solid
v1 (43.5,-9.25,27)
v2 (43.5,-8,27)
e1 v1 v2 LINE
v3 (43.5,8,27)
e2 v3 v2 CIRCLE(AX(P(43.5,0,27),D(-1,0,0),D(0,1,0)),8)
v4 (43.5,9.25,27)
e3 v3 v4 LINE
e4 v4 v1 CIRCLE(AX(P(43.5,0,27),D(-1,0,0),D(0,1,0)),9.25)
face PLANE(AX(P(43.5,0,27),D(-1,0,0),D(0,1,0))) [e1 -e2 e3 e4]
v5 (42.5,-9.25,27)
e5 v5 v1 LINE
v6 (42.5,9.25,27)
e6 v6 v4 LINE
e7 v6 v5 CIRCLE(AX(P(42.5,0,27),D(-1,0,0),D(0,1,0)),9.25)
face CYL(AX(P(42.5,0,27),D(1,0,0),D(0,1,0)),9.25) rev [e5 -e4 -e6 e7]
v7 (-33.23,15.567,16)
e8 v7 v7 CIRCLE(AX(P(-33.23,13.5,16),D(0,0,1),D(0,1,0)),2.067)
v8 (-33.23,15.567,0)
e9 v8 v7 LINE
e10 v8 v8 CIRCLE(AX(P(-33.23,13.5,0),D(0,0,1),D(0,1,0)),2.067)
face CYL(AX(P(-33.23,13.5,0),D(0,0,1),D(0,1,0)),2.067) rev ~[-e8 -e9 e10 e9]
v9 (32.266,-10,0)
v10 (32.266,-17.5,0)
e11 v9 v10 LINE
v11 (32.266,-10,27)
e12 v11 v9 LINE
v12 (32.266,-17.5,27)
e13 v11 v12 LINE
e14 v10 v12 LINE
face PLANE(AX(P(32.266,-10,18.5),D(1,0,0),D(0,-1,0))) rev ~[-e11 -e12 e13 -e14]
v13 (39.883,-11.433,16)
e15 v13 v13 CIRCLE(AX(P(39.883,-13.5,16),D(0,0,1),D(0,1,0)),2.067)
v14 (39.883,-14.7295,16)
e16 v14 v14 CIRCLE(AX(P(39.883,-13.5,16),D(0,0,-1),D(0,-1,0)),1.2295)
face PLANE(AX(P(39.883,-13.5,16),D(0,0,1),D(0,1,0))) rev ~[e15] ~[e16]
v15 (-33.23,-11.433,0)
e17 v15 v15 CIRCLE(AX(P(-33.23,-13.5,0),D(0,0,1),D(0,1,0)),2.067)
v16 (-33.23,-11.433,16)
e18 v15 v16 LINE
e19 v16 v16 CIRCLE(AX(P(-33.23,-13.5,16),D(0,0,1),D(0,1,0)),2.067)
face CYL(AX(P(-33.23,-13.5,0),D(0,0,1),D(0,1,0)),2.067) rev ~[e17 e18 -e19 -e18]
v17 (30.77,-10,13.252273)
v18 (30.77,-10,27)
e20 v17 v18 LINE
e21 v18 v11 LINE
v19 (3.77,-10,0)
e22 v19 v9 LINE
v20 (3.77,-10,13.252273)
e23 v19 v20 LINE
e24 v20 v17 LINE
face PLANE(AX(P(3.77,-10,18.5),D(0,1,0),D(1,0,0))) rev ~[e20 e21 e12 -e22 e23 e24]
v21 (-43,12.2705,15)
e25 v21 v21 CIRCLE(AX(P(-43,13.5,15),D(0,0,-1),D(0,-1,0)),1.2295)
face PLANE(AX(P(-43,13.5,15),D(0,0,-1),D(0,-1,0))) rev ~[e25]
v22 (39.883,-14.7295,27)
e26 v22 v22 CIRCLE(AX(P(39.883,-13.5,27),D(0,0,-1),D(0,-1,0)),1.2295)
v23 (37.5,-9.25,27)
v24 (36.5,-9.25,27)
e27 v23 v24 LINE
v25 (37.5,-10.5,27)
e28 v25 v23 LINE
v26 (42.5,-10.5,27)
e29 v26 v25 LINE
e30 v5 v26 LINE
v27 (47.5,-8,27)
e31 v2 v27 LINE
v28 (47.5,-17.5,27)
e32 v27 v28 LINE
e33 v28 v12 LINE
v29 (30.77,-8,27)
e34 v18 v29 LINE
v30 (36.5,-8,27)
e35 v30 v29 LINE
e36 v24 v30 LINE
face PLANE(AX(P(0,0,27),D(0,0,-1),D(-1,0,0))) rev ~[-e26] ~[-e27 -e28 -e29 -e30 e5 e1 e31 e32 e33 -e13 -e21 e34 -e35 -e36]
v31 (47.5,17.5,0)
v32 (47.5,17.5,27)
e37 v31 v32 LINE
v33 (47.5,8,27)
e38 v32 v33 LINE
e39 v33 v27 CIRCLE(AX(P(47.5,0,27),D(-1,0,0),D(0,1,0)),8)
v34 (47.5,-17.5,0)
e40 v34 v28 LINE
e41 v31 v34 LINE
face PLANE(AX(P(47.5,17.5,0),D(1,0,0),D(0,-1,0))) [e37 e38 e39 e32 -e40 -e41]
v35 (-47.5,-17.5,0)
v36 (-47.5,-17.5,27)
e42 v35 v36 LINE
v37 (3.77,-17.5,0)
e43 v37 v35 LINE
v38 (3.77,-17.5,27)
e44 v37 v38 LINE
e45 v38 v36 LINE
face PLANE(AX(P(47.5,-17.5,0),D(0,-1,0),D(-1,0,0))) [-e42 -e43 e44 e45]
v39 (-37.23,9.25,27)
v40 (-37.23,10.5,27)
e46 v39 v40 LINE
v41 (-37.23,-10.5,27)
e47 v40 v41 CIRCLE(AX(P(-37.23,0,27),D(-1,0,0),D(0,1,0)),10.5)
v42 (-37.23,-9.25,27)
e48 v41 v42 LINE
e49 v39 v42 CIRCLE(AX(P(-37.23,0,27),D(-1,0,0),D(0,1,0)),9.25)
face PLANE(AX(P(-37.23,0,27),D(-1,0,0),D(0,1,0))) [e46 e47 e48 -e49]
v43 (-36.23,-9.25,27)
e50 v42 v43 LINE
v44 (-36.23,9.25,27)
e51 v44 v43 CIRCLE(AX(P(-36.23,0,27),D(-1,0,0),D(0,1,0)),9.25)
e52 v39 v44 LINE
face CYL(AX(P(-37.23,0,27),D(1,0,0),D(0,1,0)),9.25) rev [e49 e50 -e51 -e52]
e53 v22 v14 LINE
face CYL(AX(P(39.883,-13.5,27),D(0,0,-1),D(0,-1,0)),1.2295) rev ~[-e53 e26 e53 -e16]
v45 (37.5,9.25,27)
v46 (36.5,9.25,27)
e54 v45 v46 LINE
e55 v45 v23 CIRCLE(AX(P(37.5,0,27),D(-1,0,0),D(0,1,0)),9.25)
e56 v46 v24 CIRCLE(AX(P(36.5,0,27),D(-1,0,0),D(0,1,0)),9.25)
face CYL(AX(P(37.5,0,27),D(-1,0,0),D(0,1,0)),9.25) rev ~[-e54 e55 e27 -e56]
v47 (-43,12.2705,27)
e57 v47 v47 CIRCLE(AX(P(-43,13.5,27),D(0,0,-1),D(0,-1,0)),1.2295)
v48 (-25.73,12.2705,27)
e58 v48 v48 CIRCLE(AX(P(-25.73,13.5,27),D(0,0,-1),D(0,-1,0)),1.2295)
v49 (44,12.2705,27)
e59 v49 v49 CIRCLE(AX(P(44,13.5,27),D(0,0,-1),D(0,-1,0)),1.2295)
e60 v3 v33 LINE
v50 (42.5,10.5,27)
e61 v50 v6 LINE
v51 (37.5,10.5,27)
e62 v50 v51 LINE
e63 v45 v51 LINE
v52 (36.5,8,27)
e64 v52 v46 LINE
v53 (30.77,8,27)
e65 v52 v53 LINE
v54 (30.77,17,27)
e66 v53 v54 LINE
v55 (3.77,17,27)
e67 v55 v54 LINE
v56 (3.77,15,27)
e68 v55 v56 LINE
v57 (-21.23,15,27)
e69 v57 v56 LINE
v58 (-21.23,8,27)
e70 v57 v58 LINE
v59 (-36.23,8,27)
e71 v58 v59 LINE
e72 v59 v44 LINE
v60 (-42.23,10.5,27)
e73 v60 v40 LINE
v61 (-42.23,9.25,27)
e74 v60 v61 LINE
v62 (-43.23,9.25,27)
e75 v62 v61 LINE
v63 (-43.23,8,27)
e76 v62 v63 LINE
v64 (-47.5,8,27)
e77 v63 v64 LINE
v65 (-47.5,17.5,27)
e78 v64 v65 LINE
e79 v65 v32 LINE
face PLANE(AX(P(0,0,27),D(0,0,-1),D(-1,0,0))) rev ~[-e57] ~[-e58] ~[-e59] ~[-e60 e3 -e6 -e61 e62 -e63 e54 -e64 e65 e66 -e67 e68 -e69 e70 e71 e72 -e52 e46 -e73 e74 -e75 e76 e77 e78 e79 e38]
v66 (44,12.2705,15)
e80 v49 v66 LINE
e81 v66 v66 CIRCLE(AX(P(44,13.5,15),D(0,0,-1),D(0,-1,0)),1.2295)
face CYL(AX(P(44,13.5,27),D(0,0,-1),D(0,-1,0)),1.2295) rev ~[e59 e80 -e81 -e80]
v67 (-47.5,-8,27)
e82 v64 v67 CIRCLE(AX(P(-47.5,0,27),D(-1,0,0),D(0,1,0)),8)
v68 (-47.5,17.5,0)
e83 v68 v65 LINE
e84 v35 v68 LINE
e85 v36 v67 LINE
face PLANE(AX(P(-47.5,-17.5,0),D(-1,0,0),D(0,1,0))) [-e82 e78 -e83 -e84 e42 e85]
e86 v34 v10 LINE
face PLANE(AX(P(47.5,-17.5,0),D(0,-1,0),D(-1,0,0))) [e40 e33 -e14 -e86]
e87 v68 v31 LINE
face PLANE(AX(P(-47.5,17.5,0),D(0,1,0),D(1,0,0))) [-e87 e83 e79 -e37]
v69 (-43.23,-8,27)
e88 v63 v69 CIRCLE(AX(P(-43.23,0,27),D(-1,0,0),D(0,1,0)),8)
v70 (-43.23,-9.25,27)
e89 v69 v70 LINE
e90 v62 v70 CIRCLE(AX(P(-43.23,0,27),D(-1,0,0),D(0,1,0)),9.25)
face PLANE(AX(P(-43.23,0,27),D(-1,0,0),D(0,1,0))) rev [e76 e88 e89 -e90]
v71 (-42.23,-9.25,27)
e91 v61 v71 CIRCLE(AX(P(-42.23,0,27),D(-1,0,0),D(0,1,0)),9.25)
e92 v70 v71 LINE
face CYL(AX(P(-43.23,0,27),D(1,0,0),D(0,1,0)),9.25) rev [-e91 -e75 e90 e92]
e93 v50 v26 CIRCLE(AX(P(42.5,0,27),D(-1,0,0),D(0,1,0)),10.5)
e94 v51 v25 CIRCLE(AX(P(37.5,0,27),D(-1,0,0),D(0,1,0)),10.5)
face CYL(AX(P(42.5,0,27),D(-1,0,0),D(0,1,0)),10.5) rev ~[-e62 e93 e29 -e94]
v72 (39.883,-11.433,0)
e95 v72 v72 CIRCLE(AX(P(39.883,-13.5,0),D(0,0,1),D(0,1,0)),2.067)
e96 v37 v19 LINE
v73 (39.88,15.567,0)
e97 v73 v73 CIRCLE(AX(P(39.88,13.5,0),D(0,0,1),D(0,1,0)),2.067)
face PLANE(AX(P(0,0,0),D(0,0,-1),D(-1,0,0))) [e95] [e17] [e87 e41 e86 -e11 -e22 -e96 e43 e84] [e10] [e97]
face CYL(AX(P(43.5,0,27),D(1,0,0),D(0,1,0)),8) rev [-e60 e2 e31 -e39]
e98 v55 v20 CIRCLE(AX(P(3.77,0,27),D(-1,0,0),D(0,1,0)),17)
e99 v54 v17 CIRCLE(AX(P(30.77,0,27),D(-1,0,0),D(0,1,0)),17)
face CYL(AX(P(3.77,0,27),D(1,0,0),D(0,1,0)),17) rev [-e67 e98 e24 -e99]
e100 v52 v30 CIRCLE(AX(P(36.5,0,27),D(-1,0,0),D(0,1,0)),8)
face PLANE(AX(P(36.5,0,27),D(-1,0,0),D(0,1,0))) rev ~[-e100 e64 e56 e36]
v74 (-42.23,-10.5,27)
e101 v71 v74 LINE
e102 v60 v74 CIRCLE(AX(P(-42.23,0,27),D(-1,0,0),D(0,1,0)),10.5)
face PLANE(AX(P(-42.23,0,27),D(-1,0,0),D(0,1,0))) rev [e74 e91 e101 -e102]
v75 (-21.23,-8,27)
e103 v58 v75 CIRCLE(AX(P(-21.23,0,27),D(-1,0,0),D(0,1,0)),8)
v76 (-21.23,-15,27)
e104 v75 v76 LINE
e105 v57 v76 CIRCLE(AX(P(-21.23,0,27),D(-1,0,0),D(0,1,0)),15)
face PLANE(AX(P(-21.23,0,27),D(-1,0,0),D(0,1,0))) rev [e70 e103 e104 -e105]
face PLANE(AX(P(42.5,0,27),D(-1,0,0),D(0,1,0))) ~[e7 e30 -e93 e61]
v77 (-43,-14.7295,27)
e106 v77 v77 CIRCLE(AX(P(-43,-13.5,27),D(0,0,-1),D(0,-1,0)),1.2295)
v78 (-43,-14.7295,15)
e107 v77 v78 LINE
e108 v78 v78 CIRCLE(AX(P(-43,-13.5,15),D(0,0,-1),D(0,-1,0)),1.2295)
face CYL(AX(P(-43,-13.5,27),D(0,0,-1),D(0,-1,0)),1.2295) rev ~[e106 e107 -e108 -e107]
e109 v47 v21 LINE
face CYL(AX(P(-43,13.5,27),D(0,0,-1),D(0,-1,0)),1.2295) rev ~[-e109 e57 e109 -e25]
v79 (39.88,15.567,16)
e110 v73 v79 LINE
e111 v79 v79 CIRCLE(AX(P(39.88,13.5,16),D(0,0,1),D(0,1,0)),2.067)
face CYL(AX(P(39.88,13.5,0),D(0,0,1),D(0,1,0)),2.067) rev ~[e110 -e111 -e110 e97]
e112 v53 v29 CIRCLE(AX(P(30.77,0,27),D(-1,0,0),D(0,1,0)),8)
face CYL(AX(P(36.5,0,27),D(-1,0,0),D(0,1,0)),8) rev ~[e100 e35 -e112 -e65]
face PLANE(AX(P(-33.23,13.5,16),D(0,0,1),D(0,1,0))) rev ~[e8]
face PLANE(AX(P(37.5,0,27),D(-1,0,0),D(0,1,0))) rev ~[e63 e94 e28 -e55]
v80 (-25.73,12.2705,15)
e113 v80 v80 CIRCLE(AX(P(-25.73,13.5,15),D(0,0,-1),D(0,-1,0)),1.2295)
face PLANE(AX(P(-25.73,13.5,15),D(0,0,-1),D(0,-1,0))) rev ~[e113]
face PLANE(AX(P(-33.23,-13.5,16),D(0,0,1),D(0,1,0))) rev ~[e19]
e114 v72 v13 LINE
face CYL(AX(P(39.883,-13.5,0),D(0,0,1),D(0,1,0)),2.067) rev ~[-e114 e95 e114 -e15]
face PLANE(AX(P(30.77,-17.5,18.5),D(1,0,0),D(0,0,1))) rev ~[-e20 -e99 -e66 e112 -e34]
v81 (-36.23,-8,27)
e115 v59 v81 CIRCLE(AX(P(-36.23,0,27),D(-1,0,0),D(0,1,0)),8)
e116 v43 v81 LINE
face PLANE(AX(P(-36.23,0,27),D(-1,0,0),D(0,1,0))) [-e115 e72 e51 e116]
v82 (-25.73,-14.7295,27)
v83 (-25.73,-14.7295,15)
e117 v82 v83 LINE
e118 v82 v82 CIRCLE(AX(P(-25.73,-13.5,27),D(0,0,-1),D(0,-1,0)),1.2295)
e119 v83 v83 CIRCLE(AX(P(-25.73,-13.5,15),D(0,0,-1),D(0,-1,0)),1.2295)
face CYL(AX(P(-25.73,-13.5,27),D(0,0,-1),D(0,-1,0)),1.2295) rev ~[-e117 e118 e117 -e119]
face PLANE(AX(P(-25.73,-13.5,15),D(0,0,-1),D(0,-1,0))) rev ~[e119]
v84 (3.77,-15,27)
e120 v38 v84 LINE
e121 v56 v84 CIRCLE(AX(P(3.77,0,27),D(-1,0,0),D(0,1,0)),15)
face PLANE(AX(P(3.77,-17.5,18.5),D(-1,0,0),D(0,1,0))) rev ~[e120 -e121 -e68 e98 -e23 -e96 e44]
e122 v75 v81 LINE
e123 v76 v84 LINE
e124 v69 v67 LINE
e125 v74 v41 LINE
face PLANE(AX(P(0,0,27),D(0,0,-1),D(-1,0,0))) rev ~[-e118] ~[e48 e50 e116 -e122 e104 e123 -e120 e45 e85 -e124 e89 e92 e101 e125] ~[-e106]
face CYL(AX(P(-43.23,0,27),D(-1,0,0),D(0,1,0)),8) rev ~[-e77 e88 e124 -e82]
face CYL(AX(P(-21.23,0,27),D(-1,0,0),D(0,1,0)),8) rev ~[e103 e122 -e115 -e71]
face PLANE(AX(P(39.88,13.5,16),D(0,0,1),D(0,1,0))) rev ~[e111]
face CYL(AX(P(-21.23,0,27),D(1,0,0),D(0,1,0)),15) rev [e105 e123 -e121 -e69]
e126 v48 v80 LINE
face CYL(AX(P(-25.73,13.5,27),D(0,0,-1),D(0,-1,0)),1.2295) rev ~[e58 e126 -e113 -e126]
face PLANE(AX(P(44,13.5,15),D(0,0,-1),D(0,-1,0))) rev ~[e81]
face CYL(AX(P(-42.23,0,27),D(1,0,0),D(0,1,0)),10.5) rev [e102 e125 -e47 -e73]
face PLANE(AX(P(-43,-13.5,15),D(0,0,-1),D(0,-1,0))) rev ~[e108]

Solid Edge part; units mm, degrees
sketch "Sketch1" plane through (0, 0, 0) normal (0, 0, 1) x (1, 0, 0)
  line L0 (47.5, -17.5) -> (-47.5, -17.5)
  line L1 (-47.5, -17.5) -> (-47.5, 17.5)
  line L2 (-47.5, 17.5) -> (47.5, 17.5)
  line L3 (47.5, 17.5) -> (47.5, -17.5)
  dimension "D1" = 95
  dimension "D2" = 35
extrude "Protrusion1" add sketch "Sketch1" along normal blind 27
sketch "Sketch2" plane through (0, 0, 27) normal (0, 0, 1) x (1, 0, 0)
  line L0 (3.77, 15) -> (3.77, 17)
  line L1 (3.77, 17) -> (30.77, 17)
  line L2 (30.77, 17) -> (30.77, 8)
  line L3 (36.5, 8) -> (30.77, 8)
  line L4 (36.5, 9.25) -> (36.5, 8)
  line L5 (37.5, 9.25) -> (36.5, 9.25)
  line L6 (37.5, 10.5) -> (37.5, 9.25)
  line L7 (42.5, 10.5) -> (37.5, 10.5)
  line L8 (42.5, 9.25) -> (42.5, 10.5)
  line L9 (42.5, 9.25) -> (43.5, 9.25)
  line L10 (43.5, 9.25) -> (43.5, 8)
  line L11 (43.5, 8) -> (47.5, 8)
  line L12 (47.5, 8) -> (47.5, 0)
  line L13 (-47.5, 0) -> (-47.5, 8)
  line L14 (-43.23, 8) -> (-47.5, 8)
  line L15 (-43.23, 8) -> (-43.23, 9.25)
  line L16 (-43.23, 9.25) -> (-42.23, 9.25)
  line L17 (-42.23, 9.25) -> (-42.23, 10.5)
  line L18 (-42.23, 10.5) -> (-37.23, 10.5)
  line L19 (-37.23, 10.5) -> (-37.23, 9.25)
  line L20 (-37.23, 9.25) -> (-36.23, 9.25)
  line L21 (-36.23, 9.25) -> (-36.23, 8)
  line L22 (-21.23, 8) -> (-36.23, 8)
  line L23 (-21.23, 8) -> (-21.23, 15)
  line L24 (-21.23, 15) -> (3.77, 15)
  dimension "D1" = 5
  dimension "D2" = 5
  dimension "D3" = 1
  dimension "D4" = 1
  dimension "D5" = 1
  dimension "D6" = 1
  dimension "D7" = 5
  dimension "D8" = 84.73
  dimension "D9" = 15
  dimension "D10" = 25
  dimension "D11" = 27
revolve "RevolvedCutout1" cut sketch "Sketch2" angle 360 about axis through (47.5, 0, 27) along (-1, 0, 0)
sketch "Sketch3" plane through (0, -17.5, 13.5) normal (0, -1, 0) x (1, 0, 0)
  line L0 (3.77, 5) -> (30.77, 5)
  line L1 (30.77, 5) -> (30.77, 13.5)
  line L2 (30.77, 13.5) -> (3.77, 13.5)
  line L3 (3.77, 13.5) -> (3.77, 5)
extrude "Extrusionsausschnitt_1" cut sketch "Sketch3" against normal blind 7.5
sketch "Sketch4" plane through (17.27, -16.1112, 18.5) normal (0, 0, 1) x (1, 0, 0)
  line L0 (-13.5, 6.1112) -> (13.5, 6.1112)
  line L1 (-13.5, -1.3888) -> (-13.5, 6.1112)
  line L2 (13.5, -1.3888) -> (-13.5, -1.3888)
  line L3 (14.996, -1.3888) -> (13.5, -1.3888)
  line L4 (14.996, 6.1112) -> (14.996, -1.3888)
  line L5 (13.5, 6.1112) -> (14.996, 6.1112)
  dimension "D1" = 7.5
  dimension "D2" = 1.496
extrude "Extrusionsausschnitt_2" cut sketch "Sketch4" along normal mid plane 100
hole "Bohrung_1" at (-25.73, 13.5, 27) direction (0, 0, -1) diameter 2.459 depth 12
hole "Hole1" at (39.883, -13.5, 27) direction (0, 0, -1) diameter 2.459 depth 12
hole "Hole2" at (-25.73, -13.5, 27) direction (0, 0, -1) diameter 2.459 depth 12
hole "Hole3" at (-43, -13.5, 27) direction (0, 0, -1) diameter 2.459 depth 12
hole "Hole4" at (-43, 13.5, 27) direction (0, 0, -1) diameter 2.459 depth 12
hole "Hole5" at (44, 13.5, 27) direction (0, 0, -1) diameter 2.459 depth 12
hole "Bohrung_8" at (-33.23, -13.5, 0) direction (0, 0, 1) diameter 4.134 depth 16
hole "Hole6" at (39.88, 13.5, 0) direction (0, 0, 1) diameter 4.134 depth 16
hole "Hole7" at (39.883, -13.5, 0) direction (0, 0, 1) diameter 4.134 depth 16
hole "Hole8" at (-33.23, 13.5, 0) direction (0, 0, 1) diameter 4.134 depth 16
properties part number "32" material "Polykarbonat"
